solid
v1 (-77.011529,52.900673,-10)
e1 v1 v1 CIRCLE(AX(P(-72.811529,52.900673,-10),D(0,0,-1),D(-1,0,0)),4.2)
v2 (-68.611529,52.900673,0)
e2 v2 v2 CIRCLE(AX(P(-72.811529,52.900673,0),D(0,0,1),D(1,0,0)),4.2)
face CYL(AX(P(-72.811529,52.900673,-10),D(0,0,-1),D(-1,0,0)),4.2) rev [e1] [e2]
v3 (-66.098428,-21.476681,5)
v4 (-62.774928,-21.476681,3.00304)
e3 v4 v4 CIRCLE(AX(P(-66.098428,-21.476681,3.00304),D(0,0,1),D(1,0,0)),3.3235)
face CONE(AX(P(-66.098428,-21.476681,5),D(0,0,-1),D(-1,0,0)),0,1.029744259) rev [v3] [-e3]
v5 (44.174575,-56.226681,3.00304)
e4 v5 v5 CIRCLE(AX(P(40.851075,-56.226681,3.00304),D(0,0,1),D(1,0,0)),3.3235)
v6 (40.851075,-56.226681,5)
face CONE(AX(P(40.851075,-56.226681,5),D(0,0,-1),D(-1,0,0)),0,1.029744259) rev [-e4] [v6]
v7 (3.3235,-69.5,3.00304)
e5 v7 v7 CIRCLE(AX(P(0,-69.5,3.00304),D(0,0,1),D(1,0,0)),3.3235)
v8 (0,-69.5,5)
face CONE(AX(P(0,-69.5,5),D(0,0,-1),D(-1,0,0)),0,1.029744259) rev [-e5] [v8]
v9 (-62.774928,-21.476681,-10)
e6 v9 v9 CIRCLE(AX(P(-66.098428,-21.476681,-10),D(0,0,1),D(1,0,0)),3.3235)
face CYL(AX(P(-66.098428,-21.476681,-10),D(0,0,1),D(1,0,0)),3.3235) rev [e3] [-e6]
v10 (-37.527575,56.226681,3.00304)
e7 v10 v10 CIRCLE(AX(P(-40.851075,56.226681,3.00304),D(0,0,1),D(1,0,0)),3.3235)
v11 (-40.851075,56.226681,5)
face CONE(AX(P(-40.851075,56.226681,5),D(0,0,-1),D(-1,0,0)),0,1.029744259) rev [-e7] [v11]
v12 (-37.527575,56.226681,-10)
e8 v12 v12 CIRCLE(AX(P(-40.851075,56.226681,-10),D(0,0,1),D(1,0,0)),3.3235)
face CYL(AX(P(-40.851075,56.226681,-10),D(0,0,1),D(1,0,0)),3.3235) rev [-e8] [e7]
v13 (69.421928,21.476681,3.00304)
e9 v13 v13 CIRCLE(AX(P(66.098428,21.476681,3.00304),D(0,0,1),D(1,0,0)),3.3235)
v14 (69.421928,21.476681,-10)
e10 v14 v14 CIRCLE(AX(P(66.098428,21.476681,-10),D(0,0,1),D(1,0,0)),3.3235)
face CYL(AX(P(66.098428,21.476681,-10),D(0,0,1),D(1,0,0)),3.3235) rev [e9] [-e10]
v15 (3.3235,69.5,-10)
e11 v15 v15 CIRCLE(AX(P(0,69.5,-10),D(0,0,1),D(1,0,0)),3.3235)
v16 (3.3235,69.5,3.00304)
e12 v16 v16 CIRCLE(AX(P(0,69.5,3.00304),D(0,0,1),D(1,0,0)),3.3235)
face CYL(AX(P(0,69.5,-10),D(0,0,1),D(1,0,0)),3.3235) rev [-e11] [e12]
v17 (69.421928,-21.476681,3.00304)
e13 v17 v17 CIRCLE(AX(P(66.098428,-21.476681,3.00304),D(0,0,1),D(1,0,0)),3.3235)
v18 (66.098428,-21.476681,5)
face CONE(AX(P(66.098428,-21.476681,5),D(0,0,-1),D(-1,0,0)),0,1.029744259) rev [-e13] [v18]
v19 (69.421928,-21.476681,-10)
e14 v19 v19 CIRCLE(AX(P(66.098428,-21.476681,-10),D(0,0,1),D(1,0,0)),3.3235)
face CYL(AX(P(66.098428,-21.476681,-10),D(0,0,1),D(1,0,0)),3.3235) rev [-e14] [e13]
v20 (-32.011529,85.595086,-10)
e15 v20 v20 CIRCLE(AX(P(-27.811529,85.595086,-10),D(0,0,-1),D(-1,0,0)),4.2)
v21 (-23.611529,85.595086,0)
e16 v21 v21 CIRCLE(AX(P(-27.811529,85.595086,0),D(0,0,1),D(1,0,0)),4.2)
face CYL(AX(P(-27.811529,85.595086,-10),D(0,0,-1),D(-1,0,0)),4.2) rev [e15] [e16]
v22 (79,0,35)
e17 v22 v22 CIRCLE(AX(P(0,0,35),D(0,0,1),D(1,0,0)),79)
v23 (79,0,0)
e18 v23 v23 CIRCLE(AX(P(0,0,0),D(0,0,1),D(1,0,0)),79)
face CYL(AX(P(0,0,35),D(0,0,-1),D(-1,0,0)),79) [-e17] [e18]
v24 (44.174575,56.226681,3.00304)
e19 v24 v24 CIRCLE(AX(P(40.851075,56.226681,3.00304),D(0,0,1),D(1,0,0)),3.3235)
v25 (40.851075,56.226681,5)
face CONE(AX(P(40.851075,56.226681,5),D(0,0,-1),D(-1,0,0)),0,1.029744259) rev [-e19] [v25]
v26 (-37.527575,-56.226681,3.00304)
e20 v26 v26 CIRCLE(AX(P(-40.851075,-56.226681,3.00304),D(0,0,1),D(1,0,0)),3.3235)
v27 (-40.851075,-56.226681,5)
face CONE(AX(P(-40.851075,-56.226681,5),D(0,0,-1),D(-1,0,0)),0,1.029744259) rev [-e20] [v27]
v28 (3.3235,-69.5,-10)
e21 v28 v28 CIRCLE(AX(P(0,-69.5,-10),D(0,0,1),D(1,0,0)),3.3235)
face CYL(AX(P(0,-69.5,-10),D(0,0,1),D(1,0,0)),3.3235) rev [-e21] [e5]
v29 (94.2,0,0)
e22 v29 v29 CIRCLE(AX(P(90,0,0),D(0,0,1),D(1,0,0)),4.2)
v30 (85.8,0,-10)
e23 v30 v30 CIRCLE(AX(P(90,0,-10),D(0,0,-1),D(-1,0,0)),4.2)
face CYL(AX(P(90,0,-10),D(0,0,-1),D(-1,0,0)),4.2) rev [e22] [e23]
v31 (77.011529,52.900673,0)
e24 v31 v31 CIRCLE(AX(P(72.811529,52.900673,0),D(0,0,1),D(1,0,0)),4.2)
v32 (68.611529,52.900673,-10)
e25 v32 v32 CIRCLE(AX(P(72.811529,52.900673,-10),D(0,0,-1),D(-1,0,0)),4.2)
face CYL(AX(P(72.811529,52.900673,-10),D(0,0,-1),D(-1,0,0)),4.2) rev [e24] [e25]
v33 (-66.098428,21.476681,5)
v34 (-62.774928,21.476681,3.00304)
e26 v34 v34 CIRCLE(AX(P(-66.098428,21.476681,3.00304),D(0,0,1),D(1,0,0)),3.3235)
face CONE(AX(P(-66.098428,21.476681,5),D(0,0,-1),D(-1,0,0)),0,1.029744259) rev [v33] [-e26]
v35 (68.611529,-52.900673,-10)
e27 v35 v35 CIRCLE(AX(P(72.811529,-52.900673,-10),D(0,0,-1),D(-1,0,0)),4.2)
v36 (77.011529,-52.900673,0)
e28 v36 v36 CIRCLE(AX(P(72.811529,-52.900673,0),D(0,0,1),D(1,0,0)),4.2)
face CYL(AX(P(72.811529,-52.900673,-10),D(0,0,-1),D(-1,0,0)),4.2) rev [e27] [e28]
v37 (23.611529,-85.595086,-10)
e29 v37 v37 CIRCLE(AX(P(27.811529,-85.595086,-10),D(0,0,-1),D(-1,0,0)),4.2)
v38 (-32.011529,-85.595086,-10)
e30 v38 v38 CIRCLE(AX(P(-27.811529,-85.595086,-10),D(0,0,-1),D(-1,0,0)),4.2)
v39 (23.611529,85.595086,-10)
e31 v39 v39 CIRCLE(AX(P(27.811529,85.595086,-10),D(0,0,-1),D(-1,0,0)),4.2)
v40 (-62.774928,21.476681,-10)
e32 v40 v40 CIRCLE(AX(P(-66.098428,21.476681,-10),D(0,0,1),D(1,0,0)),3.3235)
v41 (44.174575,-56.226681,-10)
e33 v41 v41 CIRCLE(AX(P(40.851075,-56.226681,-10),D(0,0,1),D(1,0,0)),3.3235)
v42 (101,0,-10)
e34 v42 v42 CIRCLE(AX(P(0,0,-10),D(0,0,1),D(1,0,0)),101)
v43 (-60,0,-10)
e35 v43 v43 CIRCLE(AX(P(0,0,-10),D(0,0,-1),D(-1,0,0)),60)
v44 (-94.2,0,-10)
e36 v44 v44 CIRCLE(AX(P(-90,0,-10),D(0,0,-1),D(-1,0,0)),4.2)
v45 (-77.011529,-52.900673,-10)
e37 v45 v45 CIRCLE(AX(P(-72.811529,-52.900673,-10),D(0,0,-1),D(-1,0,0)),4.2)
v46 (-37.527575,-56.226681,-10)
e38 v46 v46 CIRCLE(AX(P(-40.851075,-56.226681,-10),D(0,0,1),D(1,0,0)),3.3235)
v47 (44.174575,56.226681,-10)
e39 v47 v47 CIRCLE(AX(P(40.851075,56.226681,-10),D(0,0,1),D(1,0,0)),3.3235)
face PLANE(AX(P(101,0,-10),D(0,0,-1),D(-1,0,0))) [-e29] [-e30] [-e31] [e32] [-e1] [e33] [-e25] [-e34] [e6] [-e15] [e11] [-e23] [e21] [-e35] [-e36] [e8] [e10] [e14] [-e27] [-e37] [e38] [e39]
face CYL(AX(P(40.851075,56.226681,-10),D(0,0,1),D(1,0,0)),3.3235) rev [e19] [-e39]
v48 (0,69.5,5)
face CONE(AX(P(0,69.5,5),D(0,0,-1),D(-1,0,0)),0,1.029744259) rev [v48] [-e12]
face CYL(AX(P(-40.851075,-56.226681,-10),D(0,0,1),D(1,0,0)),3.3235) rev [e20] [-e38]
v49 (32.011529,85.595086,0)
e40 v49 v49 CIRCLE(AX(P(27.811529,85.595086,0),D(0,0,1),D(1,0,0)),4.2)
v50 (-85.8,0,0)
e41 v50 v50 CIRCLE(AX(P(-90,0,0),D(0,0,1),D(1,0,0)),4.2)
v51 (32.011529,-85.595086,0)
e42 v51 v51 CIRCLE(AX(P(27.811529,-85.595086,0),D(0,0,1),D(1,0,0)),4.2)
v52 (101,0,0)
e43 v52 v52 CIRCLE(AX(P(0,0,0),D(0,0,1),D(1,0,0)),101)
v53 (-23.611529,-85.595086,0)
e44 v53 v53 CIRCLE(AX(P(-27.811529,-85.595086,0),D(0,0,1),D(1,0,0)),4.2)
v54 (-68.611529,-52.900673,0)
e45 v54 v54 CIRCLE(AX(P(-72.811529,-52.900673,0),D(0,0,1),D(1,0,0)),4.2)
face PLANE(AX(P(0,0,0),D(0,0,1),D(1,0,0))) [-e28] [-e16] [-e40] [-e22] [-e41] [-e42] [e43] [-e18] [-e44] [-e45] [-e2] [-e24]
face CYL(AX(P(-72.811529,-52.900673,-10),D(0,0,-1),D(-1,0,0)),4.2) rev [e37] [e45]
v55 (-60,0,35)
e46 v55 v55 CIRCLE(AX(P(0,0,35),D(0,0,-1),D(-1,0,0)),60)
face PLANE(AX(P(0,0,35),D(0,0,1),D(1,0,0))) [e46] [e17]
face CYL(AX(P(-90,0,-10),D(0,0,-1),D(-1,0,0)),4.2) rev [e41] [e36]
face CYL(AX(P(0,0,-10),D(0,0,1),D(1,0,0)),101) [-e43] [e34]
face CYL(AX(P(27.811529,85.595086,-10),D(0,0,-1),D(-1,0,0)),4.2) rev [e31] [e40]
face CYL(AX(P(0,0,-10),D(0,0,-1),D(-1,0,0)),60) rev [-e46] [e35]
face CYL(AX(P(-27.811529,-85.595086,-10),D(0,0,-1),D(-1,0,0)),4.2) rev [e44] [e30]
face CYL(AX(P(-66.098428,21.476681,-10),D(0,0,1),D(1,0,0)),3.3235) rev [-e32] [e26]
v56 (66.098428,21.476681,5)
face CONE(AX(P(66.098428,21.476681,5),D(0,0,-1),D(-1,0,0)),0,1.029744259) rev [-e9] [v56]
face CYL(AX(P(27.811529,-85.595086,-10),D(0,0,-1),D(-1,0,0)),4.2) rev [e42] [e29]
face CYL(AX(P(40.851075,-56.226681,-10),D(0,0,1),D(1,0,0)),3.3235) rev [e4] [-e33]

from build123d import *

# Parameters (mm, degrees)
SKETCH1_W                      = 101
SKETCH1_H                      = 10
SKETCH2_R                      = 79
BOSS_EXTRUDE1_DEPTH            = 35
F_8_4_8_4_DIAMETER_HOLE1_D     = 8.4
F_8_4_8_4_DIAMETER_HOLE1_DEPTH = 45
HOLE1_D                        = 120


with BuildPart() as part:
    # Sketch1 → Revolve1 (revolve)
    with BuildSketch(Plane(origin=(0, 0, 0), x_dir=(1, 0, 0), z_dir=(0, 1, 0))):
        with Locations((50.5, 5)):
            Rectangle(SKETCH1_W, SKETCH1_H)
    revolve(axis=Axis((0, 0, -10), (0, 0, 1)))

    # Sketch2 → Boss-Extrude1 (add)
    with BuildSketch(Plane.XY):
        Circle(SKETCH2_R)
    extrude(amount=BOSS_EXTRUDE1_DEPTH)

    # Sketch3 → Cut-Revolve1 (revolve, cut)
    with BuildSketch(Plane(origin=(0, 69.5, 0), x_dir=(1, 0, 0), z_dir=(0, 1, 0)), mode=Mode.PRIVATE) as cut_revolve1_sk:
        Polygon((3.3235, 10), (0, 10), (0, -5), (3.3235, -3.003039733), (3.3235, 0), align=None)
    revolve(cut_revolve1_sk.sketch.rotate(Axis((0, 69.5, -10), (0, 0, 1)), 180), axis=Axis((0, 69.5, -10), (0, 0, 1)), mode=Mode.SUBTRACT)

    # Sketch4 → Cut-Revolve2 (revolve, cut)
    with BuildSketch(Plane(origin=(0, 56.226681109, 0), x_dir=(1, 0, 0), z_dir=(0, 1, 0)), mode=Mode.PRIVATE) as cut_revolve2_sk:
        Polygon((44.174575034, 10), (40.851075034, 10), (40.851075034, -5), (44.174575034, -3.003039733), (44.174575034, 0), align=None)
    revolve(cut_revolve2_sk.sketch.rotate(Axis((40.851075034, 56.226681109, -10), (0, 0, 1)), 180), axis=Axis((40.851075034, 56.226681109, -10), (0, 0, 1)), mode=Mode.SUBTRACT)

    # Sketch5 → Cut-Revolve3 (revolve, cut)
    with BuildSketch(Plane(origin=(0, 21.476681109, 0), x_dir=(1, 0, 0), z_dir=(0, 1, 0)), mode=Mode.PRIVATE) as cut_revolve3_sk:
        Polygon((69.421927883, 10), (66.098427883, 10), (66.098427883, -5), (69.421927883, -3.003039733), (69.421927883, 0), align=None)
    revolve(cut_revolve3_sk.sketch.rotate(Axis((66.098427883, 21.476681109, -10), (0, 0, 1)), 180), axis=Axis((66.098427883, 21.476681109, -10), (0, 0, 1)), mode=Mode.SUBTRACT)

    # Sketch6 → Cut-Revolve4 (revolve, cut)
    with BuildSketch(Plane(origin=(0, -21.476681109, 0), x_dir=(1, 0, 0), z_dir=(0, 1, 0)), mode=Mode.PRIVATE) as cut_revolve4_sk:
        Polygon((69.421927883, 10), (66.098427883, 10), (66.098427883, -5), (69.421927883, -3.003039733), (69.421927883, 0), align=None)
    revolve(cut_revolve4_sk.sketch.rotate(Axis((66.098427883, -21.476681109, -10), (0, 0, 1)), 180), axis=Axis((66.098427883, -21.476681109, -10), (0, 0, 1)), mode=Mode.SUBTRACT)

    # Sketch7 → Cut-Revolve5 (revolve, cut)
    with BuildSketch(Plane(origin=(0, -56.226681109, 0), x_dir=(1, 0, 0), z_dir=(0, 1, 0)), mode=Mode.PRIVATE) as cut_revolve5_sk:
        Polygon((44.174575034, 10), (40.851075034, 10), (40.851075034, -5), (44.174575034, -3.003039733), (44.174575034, 0), align=None)
    revolve(cut_revolve5_sk.sketch.rotate(Axis((40.851075034, -56.226681109, -10), (0, 0, 1)), 180), axis=Axis((40.851075034, -56.226681109, -10), (0, 0, 1)), mode=Mode.SUBTRACT)

    # Sketch8 → Cut-Revolve6 (revolve, cut)
    with BuildSketch(Plane(origin=(0, -69.5, 0), x_dir=(1, 0, 0), z_dir=(0, 1, 0)), mode=Mode.PRIVATE) as cut_revolve6_sk:
        Polygon((3.3235, 10), (0, 10), (0, -5), (3.3235, -3.003039733), (3.3235, 0), align=None)
    revolve(cut_revolve6_sk.sketch.rotate(Axis((0, -69.5, -10), (0, 0, 1)), 180), axis=Axis((0, -69.5, -10), (0, 0, 1)), mode=Mode.SUBTRACT)

    # Sketch9 → Cut-Revolve7 (revolve, cut)
    with BuildSketch(Plane(origin=(0, -56.226681109, 0), x_dir=(1, 0, 0), z_dir=(0, 1, 0)), mode=Mode.PRIVATE) as cut_revolve7_sk:
        Polygon((-37.527575034, 10), (-40.851075034, 10), (-40.851075034, -5), (-37.527575034, -3.003039733), (-37.527575034, 0), align=None)
    revolve(cut_revolve7_sk.sketch.rotate(Axis((-40.851075034, -56.226681109, -10), (0, 0, 1)), 180), axis=Axis((-40.851075034, -56.226681109, -10), (0, 0, 1)), mode=Mode.SUBTRACT)

    # Sketch10 → Cut-Revolve8 (revolve, cut)
    with BuildSketch(Plane(origin=(0, -21.476681109, 0), x_dir=(1, 0, 0), z_dir=(0, 1, 0)), mode=Mode.PRIVATE) as cut_revolve8_sk:
        Polygon((-62.774927883, 10), (-66.098427883, 10), (-66.098427883, -5), (-62.774927883, -3.003039733), (-62.774927883, 0), align=None)
    revolve(cut_revolve8_sk.sketch.rotate(Axis((-66.098427883, -21.476681109, -10), (0, 0, 1)), 180), axis=Axis((-66.098427883, -21.476681109, -10), (0, 0, 1)), mode=Mode.SUBTRACT)

    # Sketch11 → Cut-Revolve9 (revolve, cut)
    with BuildSketch(Plane(origin=(0, 21.476681109, 0), x_dir=(1, 0, 0), z_dir=(0, 1, 0)), mode=Mode.PRIVATE) as cut_revolve9_sk:
        Polygon((-62.774927883, 10), (-66.098427883, 10), (-66.098427883, -5), (-62.774927883, -3.003039733), (-62.774927883, 0), align=None)
    revolve(cut_revolve9_sk.sketch.rotate(Axis((-66.098427883, 21.476681109, -10), (0, 0, 1)), 180), axis=Axis((-66.098427883, 21.476681109, -10), (0, 0, 1)), mode=Mode.SUBTRACT)

    # Sketch12 → Cut-Revolve10 (revolve, cut)
    with BuildSketch(Plane(origin=(0, 56.226681109, 0), x_dir=(1, 0, 0), z_dir=(0, 1, 0)), mode=Mode.PRIVATE) as cut_revolve10_sk:
        Polygon((-37.527575034, 10), (-40.851075034, 10), (-40.851075034, -5), (-37.527575034, -3.003039733), (-37.527575034, 0), align=None)
    revolve(cut_revolve10_sk.sketch.rotate(Axis((-40.851075034, 56.226681109, -10), (0, 0, 1)), 180), axis=Axis((-40.851075034, 56.226681109, -10), (0, 0, 1)), mode=Mode.SUBTRACT)

    # Ø8.4 (8.4) Diameter Hole1
    with Locations(Plane(origin=(0, 0, -10), x_dir=(-1, 0, 0), z_dir=(0, 0, -1))):
        with Locations((27.811529494, 85.595086467), (72.811529494, 52.900672706), (90, 0), (72.811529494, -52.900672706), (27.811529494, -85.595086467), (-27.811529494, -85.595086467), (-72.811529494, -52.900672706), (-90, 0), (-72.811529494, 52.900672706), (-27.811529494, 85.595086467)):
            Hole(F_8_4_8_4_DIAMETER_HOLE1_D / 2, depth=F_8_4_8_4_DIAMETER_HOLE1_DEPTH)

    # Hole1 (through all)
    with Locations(Plane(origin=(0, 0, -10), x_dir=(-1, 0, 0), z_dir=(0, 0, -1))):
        with Locations((0, 0)):
            Hole(HOLE1_D / 2)


solid = part.part
